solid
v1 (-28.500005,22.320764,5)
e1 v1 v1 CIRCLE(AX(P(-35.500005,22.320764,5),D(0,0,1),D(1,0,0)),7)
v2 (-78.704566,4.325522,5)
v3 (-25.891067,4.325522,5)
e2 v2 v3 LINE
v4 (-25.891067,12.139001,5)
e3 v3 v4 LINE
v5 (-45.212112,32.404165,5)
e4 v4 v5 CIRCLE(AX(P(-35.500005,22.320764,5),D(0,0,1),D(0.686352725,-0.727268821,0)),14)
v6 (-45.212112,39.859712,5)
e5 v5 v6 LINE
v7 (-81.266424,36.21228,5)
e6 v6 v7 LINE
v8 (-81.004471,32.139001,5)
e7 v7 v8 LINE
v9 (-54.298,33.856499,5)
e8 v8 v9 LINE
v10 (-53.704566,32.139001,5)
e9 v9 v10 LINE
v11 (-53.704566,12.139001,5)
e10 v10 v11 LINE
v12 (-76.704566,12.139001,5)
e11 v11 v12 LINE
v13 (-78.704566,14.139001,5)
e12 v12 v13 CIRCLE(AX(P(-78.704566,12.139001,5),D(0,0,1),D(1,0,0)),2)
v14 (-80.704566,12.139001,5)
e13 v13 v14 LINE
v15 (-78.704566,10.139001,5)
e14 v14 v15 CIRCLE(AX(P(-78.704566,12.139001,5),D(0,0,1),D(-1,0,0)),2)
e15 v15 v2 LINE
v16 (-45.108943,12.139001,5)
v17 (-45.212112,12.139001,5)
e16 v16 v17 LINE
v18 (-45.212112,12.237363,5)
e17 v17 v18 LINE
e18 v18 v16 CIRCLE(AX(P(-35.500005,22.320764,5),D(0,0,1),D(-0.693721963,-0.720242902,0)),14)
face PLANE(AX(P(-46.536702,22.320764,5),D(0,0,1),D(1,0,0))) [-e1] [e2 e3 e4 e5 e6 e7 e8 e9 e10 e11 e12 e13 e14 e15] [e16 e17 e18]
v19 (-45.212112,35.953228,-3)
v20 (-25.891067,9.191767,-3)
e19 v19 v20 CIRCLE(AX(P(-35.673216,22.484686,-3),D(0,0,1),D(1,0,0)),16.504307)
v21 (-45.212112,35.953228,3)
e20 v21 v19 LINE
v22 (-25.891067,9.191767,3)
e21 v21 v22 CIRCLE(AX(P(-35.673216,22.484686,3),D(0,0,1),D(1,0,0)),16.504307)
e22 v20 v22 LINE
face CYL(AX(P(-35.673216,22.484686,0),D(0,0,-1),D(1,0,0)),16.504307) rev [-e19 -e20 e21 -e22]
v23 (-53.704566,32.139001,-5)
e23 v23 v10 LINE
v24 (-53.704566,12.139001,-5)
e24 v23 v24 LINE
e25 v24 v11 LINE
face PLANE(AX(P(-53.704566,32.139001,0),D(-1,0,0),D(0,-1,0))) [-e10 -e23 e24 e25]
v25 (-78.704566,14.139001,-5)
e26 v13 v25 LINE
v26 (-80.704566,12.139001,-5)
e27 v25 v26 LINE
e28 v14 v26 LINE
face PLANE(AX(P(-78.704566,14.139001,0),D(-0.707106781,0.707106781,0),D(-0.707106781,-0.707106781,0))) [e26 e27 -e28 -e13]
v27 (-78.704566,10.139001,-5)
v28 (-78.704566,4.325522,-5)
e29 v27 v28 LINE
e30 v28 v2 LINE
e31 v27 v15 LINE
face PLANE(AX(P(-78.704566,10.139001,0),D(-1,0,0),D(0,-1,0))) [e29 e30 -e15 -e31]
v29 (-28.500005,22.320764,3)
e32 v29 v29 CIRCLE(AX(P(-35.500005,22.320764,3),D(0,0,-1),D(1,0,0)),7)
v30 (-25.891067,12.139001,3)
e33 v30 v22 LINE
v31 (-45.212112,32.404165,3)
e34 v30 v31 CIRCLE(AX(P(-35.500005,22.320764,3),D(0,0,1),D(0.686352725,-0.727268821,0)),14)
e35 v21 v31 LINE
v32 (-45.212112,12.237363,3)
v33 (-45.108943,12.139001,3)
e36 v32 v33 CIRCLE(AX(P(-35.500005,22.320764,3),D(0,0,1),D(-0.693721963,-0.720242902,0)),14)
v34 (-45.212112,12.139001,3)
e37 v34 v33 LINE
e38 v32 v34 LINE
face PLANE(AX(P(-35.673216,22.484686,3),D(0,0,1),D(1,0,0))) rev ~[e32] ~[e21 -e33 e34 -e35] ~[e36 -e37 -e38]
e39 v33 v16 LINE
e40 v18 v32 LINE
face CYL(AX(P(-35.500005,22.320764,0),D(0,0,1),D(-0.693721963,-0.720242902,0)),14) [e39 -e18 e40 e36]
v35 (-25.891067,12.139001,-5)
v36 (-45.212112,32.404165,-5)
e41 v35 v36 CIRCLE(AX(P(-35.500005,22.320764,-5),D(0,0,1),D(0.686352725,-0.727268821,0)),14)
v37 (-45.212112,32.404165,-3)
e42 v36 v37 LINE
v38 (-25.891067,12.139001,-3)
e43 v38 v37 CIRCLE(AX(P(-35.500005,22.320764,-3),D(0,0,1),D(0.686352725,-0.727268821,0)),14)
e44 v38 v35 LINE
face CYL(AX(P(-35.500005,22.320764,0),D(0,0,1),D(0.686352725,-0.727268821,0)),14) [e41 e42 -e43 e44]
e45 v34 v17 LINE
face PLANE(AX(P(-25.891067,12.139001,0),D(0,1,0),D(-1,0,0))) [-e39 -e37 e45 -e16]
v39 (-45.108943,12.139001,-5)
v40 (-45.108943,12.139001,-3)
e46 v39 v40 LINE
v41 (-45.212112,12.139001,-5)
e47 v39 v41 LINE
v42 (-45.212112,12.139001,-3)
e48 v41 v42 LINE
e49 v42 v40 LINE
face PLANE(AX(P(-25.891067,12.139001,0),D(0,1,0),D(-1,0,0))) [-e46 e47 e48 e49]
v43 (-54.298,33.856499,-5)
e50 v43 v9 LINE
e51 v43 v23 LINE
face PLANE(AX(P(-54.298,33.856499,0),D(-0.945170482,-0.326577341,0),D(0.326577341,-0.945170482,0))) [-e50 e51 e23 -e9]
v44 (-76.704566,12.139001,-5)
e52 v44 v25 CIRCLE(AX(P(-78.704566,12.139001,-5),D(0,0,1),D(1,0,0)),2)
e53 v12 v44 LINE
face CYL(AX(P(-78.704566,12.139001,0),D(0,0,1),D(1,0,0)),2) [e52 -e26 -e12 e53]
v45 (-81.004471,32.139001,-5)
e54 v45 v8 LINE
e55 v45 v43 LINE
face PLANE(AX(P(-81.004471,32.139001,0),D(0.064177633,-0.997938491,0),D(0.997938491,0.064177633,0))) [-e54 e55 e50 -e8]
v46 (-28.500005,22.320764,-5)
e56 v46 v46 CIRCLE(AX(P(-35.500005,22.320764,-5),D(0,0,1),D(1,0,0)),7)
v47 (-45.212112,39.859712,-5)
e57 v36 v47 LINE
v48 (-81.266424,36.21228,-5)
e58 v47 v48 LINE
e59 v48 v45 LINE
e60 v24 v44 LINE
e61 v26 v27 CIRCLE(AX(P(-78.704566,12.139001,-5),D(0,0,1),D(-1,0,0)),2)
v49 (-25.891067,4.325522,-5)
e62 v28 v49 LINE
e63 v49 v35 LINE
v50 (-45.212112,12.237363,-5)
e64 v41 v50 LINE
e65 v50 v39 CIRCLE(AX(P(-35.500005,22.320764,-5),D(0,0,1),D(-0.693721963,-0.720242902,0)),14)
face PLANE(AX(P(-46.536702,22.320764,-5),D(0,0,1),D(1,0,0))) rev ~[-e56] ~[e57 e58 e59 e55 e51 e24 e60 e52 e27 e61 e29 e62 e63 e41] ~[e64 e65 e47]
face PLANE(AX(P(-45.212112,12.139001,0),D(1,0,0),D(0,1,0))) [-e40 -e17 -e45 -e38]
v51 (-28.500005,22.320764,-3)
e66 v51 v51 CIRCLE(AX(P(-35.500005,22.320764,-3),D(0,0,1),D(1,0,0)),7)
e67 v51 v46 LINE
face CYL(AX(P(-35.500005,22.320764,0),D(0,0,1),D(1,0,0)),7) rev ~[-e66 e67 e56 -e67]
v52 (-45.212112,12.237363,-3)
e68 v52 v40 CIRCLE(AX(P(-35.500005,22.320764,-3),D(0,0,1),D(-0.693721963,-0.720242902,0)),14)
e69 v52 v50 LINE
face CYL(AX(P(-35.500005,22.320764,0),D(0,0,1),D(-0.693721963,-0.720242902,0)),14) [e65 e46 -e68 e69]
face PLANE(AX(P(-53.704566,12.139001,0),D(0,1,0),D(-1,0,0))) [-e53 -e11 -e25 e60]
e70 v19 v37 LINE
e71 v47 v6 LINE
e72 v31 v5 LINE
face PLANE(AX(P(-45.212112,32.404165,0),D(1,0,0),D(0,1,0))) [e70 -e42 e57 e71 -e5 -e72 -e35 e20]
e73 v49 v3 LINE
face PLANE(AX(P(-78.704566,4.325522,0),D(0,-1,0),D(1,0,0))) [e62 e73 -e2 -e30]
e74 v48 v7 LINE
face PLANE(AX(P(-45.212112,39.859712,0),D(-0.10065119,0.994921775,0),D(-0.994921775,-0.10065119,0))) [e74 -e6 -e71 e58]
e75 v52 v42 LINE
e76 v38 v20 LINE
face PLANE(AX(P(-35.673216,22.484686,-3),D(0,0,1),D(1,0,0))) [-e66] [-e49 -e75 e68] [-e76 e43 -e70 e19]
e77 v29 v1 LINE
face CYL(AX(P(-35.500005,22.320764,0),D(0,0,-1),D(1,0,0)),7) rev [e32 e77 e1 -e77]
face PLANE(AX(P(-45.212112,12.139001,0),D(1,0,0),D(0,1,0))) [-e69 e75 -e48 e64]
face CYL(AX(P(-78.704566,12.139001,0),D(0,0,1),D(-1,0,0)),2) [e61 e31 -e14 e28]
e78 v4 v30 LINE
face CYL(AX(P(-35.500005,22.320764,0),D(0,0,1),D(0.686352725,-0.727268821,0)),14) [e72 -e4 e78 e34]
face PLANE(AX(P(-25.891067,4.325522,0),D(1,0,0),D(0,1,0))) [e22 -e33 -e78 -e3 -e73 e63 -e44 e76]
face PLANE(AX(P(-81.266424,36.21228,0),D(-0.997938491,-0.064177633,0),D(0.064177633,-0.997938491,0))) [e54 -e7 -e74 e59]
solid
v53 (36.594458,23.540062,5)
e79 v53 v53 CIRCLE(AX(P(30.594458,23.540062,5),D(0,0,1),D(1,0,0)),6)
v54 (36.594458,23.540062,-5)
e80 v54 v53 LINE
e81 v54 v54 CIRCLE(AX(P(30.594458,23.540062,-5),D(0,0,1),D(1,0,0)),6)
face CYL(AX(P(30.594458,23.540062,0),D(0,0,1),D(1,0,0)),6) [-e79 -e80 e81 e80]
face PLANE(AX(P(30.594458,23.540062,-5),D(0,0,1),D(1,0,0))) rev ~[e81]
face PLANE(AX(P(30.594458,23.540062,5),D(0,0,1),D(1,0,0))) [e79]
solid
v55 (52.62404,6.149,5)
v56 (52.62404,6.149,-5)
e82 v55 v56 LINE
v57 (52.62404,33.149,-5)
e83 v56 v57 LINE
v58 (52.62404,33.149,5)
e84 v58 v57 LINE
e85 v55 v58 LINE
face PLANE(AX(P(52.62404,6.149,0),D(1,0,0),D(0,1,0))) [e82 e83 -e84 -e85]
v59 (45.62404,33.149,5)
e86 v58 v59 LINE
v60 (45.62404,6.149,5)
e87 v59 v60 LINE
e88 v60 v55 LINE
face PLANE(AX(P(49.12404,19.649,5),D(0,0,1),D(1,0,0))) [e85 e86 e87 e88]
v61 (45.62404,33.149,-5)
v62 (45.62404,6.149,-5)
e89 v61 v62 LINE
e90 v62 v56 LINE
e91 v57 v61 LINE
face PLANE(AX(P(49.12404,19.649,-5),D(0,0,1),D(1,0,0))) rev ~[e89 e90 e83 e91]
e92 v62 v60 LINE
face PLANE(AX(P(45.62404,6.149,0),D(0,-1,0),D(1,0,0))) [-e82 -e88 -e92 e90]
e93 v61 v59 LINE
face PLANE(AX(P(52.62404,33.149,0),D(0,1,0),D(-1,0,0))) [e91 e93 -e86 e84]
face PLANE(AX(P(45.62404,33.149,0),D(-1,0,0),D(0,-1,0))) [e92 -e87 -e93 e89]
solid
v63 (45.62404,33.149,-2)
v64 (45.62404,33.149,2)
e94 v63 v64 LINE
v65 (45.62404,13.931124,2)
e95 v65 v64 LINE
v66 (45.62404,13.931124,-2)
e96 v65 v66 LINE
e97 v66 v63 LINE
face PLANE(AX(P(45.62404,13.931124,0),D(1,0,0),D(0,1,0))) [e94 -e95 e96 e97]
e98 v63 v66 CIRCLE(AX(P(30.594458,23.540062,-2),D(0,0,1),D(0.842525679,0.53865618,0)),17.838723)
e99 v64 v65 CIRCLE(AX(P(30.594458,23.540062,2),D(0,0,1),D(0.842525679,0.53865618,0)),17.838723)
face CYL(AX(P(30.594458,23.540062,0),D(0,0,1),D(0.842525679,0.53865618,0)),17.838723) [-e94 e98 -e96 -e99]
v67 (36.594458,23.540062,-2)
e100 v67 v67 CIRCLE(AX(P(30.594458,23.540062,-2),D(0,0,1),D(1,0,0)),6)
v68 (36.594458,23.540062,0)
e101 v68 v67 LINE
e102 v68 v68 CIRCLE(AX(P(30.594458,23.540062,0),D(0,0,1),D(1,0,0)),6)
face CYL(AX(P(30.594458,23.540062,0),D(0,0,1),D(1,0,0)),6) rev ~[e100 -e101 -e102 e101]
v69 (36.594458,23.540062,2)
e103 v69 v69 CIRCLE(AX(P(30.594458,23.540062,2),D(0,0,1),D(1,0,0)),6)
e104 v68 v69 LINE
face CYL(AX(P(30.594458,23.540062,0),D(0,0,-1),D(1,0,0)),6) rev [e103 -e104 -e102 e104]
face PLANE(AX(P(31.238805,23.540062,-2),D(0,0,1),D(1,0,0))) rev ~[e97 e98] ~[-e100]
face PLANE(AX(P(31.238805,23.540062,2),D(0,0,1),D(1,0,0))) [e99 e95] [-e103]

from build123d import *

# Parameters (mm, degrees)
F1_DEPTH      = 5
F1_DEPTH_BACK = 5
F0_R          = 6
F2_DEPTH      = 2
F2_DEPTH_BACK = 2
F3_DEPTH      = 5
F3_DEPTH_BACK = 5
F0_R_2        = 7
F4_DEPTH      = 5
F4_DEPTH_BACK = 5
F6_R          = 16.5043071624
F7_DEPTH      = 3
F7_DEPTH_BACK = 3


with BuildPart() as f1:
    # F0 (on Top) → F1 (new body, two sides)
    with BuildSketch(Plane.XY) as f1_sk:
        Polygon((52.6240400672, 33.1490000429), (45.6240400672, 33.1490000429), (45.6240400672, 13.9311237542), (45.6240400672, 6.1490000429), (52.6240400672, 6.1490000429), align=None)
    extrude(amount=F1_DEPTH)
    extrude(f1_sk.sketch, amount=-F1_DEPTH_BACK)


with BuildPart() as f1b:
    # F0 (on Top) → F1, piece 2 (new body, two sides)
    with BuildSketch(Plane.XY) as f1_2_sk:
        with Locations((30.5944582386, 23.5400618985)):
            Circle(F0_R)
    extrude(amount=F1_DEPTH)
    extrude(f1_2_sk.sketch, amount=-F1_DEPTH_BACK)


with BuildPart() as f2:
    # F0 (on Top) → F2 (new body, two sides)
    with BuildSketch(Plane.XY) as f2_sk:
        with BuildLine():
            Line((45.6240400672, 13.9311237542), (45.6240400672, 33.1490000429))
            ThreePointArc((45.6240400672, 33.1490000429), (12.755735689, 23.5400618985), (45.6240400672, 13.9311237542))
        make_face()
        with Locations((30.5944582386, 23.5400618985)):
            Circle(F0_R, mode=Mode.SUBTRACT)
    extrude(amount=F2_DEPTH)
    extrude(f2_sk.sketch, amount=-F2_DEPTH_BACK)


with BuildPart() as f3:
    # F0 (on Top) → F3 (new body, two sides)
    with BuildSketch(Plane.XY) as f3_sk:
        with BuildLine():
            ThreePointArc((-80.7045657635, 12.1390005094), (-80.1187793258, 10.724786947), (-78.7045657635, 10.1390005094))
            Line((-78.7045657635, 10.1390005094), (-78.7045657635, 12.1390005094))
            Line((-78.7045657635, 12.1390005094), (-78.7045657635, 14.1390005094))
            Line((-78.7045657635, 14.1390005094), (-80.7045657635, 12.1390005094))
        make_face()
        with BuildLine():
            Line((-78.7045657635, 12.1390005094), (-76.7045657635, 12.1390005094))
            ThreePointArc((-76.7045657635, 12.1390005094), (-77.2903522011, 13.5532140718), (-78.7045657635, 14.1390005094))
            Line((-78.7045657635, 14.1390005094), (-78.7045657635, 12.1390005094))
        make_face()
        with BuildLine():
            ThreePointArc((-78.7045657635, 10.1390005094), (-77.2903522011, 10.724786947), (-76.7045657635, 12.1390005094))
            Line((-76.7045657635, 12.1390005094), (-78.7045657635, 12.1390005094))
            Line((-78.7045657635, 12.1390005094), (-78.7045657635, 10.1390005094))
        make_face()
        with BuildLine():
            Line((-78.7045657635, 4.3255217159), (-53.7045657635, 4.3255217159))
            Line((-53.7045657635, 4.3255217159), (-53.7045657635, 12.1390005094))
            Line((-53.7045657635, 12.1390005094), (-76.7045657635, 12.1390005094))
            ThreePointArc((-76.7045657635, 12.1390005094), (-77.2903522011, 10.724786947), (-78.7045657635, 10.1390005094))
            Line((-78.7045657635, 10.1390005094), (-78.7045657635, 4.3255217159))
        make_face()
        Polygon((-25.8910667433, 4.3255217159), (-25.8910667433, 12.1390005094), (-45.1089430319, 12.1390005094), (-45.2121123672, 12.1390005094), (-53.7045657635, 12.1390005094), (-53.7045657635, 4.3255217159), align=None)
        with BuildLine():
            ThreePointArc((-45.2121123672, 12.2373633661), (-49.5000048876, 22.320763998), (-45.2121123672, 32.40416463))
            Line((-45.2121123672, 32.40416463), (-53.7045657635, 32.1390005094))
            Line((-53.7045657635, 32.1390005094), (-53.7045657635, 12.1390005094))
            Line((-53.7045657635, 12.1390005094), (-45.2121123672, 12.1390005094))
            Line((-45.2121123672, 12.1390005094), (-45.2121123672, 12.2373633661))
        make_face()
        Polygon((-53.7045657635, 32.1390005094), (-45.2121123672, 32.40416463), (-45.2121123672, 39.8597121239), (-81.2664240588, 36.2122802645), (-81.0044705868, 32.1390005094), (-54.2979996242, 33.8564992364), align=None)
    extrude(amount=F3_DEPTH)
    extrude(f3_sk.sketch, amount=-F3_DEPTH_BACK)

    # F0 (on Top) → F4 (join, two sides)
    with BuildSketch(Plane.XY) as f4_sk:
        with BuildLine():
            Line((-45.2121123672, 12.2373633661), (-45.2121123672, 32.40416463))
            ThreePointArc((-45.2121123672, 32.40416463), (-49.5000048876, 22.320763998), (-45.2121123672, 12.2373633661))
        make_face()
        with BuildLine():
            Line((-45.1089430319, 12.1390005094), (-25.8910667433, 12.1390005094))
            ThreePointArc((-25.8910667433, 12.1390005094), (-25.3672915201, 31.9814119998), (-45.2121123672, 32.40416463))
            Line((-45.2121123672, 32.40416463), (-45.2121123672, 12.2373633661))
            ThreePointArc((-45.2121123672, 12.2373633661), (-45.1606528893, 12.1880506306), (-45.1089430319, 12.1390005094))
        make_face()
        with Locations((-35.5000048876, 22.320763998)):
            Circle(F0_R_2, mode=Mode.SUBTRACT)
    extrude(amount=F4_DEPTH)
    extrude(f4_sk.sketch, amount=-F4_DEPTH_BACK)

    # F6 (on Top) → F7 (cut, two sides)
    with BuildSketch(Plane.XY) as f7_sk:
        with Locations((-35.6732159853, 22.4846862257)):
            Circle(F6_R)
    extrude(amount=-F7_DEPTH, mode=Mode.SUBTRACT)
    extrude(f7_sk.sketch, amount=F7_DEPTH_BACK, mode=Mode.SUBTRACT)


solid = Compound([f1.part, f1b.part, f2.part, f3.part])
